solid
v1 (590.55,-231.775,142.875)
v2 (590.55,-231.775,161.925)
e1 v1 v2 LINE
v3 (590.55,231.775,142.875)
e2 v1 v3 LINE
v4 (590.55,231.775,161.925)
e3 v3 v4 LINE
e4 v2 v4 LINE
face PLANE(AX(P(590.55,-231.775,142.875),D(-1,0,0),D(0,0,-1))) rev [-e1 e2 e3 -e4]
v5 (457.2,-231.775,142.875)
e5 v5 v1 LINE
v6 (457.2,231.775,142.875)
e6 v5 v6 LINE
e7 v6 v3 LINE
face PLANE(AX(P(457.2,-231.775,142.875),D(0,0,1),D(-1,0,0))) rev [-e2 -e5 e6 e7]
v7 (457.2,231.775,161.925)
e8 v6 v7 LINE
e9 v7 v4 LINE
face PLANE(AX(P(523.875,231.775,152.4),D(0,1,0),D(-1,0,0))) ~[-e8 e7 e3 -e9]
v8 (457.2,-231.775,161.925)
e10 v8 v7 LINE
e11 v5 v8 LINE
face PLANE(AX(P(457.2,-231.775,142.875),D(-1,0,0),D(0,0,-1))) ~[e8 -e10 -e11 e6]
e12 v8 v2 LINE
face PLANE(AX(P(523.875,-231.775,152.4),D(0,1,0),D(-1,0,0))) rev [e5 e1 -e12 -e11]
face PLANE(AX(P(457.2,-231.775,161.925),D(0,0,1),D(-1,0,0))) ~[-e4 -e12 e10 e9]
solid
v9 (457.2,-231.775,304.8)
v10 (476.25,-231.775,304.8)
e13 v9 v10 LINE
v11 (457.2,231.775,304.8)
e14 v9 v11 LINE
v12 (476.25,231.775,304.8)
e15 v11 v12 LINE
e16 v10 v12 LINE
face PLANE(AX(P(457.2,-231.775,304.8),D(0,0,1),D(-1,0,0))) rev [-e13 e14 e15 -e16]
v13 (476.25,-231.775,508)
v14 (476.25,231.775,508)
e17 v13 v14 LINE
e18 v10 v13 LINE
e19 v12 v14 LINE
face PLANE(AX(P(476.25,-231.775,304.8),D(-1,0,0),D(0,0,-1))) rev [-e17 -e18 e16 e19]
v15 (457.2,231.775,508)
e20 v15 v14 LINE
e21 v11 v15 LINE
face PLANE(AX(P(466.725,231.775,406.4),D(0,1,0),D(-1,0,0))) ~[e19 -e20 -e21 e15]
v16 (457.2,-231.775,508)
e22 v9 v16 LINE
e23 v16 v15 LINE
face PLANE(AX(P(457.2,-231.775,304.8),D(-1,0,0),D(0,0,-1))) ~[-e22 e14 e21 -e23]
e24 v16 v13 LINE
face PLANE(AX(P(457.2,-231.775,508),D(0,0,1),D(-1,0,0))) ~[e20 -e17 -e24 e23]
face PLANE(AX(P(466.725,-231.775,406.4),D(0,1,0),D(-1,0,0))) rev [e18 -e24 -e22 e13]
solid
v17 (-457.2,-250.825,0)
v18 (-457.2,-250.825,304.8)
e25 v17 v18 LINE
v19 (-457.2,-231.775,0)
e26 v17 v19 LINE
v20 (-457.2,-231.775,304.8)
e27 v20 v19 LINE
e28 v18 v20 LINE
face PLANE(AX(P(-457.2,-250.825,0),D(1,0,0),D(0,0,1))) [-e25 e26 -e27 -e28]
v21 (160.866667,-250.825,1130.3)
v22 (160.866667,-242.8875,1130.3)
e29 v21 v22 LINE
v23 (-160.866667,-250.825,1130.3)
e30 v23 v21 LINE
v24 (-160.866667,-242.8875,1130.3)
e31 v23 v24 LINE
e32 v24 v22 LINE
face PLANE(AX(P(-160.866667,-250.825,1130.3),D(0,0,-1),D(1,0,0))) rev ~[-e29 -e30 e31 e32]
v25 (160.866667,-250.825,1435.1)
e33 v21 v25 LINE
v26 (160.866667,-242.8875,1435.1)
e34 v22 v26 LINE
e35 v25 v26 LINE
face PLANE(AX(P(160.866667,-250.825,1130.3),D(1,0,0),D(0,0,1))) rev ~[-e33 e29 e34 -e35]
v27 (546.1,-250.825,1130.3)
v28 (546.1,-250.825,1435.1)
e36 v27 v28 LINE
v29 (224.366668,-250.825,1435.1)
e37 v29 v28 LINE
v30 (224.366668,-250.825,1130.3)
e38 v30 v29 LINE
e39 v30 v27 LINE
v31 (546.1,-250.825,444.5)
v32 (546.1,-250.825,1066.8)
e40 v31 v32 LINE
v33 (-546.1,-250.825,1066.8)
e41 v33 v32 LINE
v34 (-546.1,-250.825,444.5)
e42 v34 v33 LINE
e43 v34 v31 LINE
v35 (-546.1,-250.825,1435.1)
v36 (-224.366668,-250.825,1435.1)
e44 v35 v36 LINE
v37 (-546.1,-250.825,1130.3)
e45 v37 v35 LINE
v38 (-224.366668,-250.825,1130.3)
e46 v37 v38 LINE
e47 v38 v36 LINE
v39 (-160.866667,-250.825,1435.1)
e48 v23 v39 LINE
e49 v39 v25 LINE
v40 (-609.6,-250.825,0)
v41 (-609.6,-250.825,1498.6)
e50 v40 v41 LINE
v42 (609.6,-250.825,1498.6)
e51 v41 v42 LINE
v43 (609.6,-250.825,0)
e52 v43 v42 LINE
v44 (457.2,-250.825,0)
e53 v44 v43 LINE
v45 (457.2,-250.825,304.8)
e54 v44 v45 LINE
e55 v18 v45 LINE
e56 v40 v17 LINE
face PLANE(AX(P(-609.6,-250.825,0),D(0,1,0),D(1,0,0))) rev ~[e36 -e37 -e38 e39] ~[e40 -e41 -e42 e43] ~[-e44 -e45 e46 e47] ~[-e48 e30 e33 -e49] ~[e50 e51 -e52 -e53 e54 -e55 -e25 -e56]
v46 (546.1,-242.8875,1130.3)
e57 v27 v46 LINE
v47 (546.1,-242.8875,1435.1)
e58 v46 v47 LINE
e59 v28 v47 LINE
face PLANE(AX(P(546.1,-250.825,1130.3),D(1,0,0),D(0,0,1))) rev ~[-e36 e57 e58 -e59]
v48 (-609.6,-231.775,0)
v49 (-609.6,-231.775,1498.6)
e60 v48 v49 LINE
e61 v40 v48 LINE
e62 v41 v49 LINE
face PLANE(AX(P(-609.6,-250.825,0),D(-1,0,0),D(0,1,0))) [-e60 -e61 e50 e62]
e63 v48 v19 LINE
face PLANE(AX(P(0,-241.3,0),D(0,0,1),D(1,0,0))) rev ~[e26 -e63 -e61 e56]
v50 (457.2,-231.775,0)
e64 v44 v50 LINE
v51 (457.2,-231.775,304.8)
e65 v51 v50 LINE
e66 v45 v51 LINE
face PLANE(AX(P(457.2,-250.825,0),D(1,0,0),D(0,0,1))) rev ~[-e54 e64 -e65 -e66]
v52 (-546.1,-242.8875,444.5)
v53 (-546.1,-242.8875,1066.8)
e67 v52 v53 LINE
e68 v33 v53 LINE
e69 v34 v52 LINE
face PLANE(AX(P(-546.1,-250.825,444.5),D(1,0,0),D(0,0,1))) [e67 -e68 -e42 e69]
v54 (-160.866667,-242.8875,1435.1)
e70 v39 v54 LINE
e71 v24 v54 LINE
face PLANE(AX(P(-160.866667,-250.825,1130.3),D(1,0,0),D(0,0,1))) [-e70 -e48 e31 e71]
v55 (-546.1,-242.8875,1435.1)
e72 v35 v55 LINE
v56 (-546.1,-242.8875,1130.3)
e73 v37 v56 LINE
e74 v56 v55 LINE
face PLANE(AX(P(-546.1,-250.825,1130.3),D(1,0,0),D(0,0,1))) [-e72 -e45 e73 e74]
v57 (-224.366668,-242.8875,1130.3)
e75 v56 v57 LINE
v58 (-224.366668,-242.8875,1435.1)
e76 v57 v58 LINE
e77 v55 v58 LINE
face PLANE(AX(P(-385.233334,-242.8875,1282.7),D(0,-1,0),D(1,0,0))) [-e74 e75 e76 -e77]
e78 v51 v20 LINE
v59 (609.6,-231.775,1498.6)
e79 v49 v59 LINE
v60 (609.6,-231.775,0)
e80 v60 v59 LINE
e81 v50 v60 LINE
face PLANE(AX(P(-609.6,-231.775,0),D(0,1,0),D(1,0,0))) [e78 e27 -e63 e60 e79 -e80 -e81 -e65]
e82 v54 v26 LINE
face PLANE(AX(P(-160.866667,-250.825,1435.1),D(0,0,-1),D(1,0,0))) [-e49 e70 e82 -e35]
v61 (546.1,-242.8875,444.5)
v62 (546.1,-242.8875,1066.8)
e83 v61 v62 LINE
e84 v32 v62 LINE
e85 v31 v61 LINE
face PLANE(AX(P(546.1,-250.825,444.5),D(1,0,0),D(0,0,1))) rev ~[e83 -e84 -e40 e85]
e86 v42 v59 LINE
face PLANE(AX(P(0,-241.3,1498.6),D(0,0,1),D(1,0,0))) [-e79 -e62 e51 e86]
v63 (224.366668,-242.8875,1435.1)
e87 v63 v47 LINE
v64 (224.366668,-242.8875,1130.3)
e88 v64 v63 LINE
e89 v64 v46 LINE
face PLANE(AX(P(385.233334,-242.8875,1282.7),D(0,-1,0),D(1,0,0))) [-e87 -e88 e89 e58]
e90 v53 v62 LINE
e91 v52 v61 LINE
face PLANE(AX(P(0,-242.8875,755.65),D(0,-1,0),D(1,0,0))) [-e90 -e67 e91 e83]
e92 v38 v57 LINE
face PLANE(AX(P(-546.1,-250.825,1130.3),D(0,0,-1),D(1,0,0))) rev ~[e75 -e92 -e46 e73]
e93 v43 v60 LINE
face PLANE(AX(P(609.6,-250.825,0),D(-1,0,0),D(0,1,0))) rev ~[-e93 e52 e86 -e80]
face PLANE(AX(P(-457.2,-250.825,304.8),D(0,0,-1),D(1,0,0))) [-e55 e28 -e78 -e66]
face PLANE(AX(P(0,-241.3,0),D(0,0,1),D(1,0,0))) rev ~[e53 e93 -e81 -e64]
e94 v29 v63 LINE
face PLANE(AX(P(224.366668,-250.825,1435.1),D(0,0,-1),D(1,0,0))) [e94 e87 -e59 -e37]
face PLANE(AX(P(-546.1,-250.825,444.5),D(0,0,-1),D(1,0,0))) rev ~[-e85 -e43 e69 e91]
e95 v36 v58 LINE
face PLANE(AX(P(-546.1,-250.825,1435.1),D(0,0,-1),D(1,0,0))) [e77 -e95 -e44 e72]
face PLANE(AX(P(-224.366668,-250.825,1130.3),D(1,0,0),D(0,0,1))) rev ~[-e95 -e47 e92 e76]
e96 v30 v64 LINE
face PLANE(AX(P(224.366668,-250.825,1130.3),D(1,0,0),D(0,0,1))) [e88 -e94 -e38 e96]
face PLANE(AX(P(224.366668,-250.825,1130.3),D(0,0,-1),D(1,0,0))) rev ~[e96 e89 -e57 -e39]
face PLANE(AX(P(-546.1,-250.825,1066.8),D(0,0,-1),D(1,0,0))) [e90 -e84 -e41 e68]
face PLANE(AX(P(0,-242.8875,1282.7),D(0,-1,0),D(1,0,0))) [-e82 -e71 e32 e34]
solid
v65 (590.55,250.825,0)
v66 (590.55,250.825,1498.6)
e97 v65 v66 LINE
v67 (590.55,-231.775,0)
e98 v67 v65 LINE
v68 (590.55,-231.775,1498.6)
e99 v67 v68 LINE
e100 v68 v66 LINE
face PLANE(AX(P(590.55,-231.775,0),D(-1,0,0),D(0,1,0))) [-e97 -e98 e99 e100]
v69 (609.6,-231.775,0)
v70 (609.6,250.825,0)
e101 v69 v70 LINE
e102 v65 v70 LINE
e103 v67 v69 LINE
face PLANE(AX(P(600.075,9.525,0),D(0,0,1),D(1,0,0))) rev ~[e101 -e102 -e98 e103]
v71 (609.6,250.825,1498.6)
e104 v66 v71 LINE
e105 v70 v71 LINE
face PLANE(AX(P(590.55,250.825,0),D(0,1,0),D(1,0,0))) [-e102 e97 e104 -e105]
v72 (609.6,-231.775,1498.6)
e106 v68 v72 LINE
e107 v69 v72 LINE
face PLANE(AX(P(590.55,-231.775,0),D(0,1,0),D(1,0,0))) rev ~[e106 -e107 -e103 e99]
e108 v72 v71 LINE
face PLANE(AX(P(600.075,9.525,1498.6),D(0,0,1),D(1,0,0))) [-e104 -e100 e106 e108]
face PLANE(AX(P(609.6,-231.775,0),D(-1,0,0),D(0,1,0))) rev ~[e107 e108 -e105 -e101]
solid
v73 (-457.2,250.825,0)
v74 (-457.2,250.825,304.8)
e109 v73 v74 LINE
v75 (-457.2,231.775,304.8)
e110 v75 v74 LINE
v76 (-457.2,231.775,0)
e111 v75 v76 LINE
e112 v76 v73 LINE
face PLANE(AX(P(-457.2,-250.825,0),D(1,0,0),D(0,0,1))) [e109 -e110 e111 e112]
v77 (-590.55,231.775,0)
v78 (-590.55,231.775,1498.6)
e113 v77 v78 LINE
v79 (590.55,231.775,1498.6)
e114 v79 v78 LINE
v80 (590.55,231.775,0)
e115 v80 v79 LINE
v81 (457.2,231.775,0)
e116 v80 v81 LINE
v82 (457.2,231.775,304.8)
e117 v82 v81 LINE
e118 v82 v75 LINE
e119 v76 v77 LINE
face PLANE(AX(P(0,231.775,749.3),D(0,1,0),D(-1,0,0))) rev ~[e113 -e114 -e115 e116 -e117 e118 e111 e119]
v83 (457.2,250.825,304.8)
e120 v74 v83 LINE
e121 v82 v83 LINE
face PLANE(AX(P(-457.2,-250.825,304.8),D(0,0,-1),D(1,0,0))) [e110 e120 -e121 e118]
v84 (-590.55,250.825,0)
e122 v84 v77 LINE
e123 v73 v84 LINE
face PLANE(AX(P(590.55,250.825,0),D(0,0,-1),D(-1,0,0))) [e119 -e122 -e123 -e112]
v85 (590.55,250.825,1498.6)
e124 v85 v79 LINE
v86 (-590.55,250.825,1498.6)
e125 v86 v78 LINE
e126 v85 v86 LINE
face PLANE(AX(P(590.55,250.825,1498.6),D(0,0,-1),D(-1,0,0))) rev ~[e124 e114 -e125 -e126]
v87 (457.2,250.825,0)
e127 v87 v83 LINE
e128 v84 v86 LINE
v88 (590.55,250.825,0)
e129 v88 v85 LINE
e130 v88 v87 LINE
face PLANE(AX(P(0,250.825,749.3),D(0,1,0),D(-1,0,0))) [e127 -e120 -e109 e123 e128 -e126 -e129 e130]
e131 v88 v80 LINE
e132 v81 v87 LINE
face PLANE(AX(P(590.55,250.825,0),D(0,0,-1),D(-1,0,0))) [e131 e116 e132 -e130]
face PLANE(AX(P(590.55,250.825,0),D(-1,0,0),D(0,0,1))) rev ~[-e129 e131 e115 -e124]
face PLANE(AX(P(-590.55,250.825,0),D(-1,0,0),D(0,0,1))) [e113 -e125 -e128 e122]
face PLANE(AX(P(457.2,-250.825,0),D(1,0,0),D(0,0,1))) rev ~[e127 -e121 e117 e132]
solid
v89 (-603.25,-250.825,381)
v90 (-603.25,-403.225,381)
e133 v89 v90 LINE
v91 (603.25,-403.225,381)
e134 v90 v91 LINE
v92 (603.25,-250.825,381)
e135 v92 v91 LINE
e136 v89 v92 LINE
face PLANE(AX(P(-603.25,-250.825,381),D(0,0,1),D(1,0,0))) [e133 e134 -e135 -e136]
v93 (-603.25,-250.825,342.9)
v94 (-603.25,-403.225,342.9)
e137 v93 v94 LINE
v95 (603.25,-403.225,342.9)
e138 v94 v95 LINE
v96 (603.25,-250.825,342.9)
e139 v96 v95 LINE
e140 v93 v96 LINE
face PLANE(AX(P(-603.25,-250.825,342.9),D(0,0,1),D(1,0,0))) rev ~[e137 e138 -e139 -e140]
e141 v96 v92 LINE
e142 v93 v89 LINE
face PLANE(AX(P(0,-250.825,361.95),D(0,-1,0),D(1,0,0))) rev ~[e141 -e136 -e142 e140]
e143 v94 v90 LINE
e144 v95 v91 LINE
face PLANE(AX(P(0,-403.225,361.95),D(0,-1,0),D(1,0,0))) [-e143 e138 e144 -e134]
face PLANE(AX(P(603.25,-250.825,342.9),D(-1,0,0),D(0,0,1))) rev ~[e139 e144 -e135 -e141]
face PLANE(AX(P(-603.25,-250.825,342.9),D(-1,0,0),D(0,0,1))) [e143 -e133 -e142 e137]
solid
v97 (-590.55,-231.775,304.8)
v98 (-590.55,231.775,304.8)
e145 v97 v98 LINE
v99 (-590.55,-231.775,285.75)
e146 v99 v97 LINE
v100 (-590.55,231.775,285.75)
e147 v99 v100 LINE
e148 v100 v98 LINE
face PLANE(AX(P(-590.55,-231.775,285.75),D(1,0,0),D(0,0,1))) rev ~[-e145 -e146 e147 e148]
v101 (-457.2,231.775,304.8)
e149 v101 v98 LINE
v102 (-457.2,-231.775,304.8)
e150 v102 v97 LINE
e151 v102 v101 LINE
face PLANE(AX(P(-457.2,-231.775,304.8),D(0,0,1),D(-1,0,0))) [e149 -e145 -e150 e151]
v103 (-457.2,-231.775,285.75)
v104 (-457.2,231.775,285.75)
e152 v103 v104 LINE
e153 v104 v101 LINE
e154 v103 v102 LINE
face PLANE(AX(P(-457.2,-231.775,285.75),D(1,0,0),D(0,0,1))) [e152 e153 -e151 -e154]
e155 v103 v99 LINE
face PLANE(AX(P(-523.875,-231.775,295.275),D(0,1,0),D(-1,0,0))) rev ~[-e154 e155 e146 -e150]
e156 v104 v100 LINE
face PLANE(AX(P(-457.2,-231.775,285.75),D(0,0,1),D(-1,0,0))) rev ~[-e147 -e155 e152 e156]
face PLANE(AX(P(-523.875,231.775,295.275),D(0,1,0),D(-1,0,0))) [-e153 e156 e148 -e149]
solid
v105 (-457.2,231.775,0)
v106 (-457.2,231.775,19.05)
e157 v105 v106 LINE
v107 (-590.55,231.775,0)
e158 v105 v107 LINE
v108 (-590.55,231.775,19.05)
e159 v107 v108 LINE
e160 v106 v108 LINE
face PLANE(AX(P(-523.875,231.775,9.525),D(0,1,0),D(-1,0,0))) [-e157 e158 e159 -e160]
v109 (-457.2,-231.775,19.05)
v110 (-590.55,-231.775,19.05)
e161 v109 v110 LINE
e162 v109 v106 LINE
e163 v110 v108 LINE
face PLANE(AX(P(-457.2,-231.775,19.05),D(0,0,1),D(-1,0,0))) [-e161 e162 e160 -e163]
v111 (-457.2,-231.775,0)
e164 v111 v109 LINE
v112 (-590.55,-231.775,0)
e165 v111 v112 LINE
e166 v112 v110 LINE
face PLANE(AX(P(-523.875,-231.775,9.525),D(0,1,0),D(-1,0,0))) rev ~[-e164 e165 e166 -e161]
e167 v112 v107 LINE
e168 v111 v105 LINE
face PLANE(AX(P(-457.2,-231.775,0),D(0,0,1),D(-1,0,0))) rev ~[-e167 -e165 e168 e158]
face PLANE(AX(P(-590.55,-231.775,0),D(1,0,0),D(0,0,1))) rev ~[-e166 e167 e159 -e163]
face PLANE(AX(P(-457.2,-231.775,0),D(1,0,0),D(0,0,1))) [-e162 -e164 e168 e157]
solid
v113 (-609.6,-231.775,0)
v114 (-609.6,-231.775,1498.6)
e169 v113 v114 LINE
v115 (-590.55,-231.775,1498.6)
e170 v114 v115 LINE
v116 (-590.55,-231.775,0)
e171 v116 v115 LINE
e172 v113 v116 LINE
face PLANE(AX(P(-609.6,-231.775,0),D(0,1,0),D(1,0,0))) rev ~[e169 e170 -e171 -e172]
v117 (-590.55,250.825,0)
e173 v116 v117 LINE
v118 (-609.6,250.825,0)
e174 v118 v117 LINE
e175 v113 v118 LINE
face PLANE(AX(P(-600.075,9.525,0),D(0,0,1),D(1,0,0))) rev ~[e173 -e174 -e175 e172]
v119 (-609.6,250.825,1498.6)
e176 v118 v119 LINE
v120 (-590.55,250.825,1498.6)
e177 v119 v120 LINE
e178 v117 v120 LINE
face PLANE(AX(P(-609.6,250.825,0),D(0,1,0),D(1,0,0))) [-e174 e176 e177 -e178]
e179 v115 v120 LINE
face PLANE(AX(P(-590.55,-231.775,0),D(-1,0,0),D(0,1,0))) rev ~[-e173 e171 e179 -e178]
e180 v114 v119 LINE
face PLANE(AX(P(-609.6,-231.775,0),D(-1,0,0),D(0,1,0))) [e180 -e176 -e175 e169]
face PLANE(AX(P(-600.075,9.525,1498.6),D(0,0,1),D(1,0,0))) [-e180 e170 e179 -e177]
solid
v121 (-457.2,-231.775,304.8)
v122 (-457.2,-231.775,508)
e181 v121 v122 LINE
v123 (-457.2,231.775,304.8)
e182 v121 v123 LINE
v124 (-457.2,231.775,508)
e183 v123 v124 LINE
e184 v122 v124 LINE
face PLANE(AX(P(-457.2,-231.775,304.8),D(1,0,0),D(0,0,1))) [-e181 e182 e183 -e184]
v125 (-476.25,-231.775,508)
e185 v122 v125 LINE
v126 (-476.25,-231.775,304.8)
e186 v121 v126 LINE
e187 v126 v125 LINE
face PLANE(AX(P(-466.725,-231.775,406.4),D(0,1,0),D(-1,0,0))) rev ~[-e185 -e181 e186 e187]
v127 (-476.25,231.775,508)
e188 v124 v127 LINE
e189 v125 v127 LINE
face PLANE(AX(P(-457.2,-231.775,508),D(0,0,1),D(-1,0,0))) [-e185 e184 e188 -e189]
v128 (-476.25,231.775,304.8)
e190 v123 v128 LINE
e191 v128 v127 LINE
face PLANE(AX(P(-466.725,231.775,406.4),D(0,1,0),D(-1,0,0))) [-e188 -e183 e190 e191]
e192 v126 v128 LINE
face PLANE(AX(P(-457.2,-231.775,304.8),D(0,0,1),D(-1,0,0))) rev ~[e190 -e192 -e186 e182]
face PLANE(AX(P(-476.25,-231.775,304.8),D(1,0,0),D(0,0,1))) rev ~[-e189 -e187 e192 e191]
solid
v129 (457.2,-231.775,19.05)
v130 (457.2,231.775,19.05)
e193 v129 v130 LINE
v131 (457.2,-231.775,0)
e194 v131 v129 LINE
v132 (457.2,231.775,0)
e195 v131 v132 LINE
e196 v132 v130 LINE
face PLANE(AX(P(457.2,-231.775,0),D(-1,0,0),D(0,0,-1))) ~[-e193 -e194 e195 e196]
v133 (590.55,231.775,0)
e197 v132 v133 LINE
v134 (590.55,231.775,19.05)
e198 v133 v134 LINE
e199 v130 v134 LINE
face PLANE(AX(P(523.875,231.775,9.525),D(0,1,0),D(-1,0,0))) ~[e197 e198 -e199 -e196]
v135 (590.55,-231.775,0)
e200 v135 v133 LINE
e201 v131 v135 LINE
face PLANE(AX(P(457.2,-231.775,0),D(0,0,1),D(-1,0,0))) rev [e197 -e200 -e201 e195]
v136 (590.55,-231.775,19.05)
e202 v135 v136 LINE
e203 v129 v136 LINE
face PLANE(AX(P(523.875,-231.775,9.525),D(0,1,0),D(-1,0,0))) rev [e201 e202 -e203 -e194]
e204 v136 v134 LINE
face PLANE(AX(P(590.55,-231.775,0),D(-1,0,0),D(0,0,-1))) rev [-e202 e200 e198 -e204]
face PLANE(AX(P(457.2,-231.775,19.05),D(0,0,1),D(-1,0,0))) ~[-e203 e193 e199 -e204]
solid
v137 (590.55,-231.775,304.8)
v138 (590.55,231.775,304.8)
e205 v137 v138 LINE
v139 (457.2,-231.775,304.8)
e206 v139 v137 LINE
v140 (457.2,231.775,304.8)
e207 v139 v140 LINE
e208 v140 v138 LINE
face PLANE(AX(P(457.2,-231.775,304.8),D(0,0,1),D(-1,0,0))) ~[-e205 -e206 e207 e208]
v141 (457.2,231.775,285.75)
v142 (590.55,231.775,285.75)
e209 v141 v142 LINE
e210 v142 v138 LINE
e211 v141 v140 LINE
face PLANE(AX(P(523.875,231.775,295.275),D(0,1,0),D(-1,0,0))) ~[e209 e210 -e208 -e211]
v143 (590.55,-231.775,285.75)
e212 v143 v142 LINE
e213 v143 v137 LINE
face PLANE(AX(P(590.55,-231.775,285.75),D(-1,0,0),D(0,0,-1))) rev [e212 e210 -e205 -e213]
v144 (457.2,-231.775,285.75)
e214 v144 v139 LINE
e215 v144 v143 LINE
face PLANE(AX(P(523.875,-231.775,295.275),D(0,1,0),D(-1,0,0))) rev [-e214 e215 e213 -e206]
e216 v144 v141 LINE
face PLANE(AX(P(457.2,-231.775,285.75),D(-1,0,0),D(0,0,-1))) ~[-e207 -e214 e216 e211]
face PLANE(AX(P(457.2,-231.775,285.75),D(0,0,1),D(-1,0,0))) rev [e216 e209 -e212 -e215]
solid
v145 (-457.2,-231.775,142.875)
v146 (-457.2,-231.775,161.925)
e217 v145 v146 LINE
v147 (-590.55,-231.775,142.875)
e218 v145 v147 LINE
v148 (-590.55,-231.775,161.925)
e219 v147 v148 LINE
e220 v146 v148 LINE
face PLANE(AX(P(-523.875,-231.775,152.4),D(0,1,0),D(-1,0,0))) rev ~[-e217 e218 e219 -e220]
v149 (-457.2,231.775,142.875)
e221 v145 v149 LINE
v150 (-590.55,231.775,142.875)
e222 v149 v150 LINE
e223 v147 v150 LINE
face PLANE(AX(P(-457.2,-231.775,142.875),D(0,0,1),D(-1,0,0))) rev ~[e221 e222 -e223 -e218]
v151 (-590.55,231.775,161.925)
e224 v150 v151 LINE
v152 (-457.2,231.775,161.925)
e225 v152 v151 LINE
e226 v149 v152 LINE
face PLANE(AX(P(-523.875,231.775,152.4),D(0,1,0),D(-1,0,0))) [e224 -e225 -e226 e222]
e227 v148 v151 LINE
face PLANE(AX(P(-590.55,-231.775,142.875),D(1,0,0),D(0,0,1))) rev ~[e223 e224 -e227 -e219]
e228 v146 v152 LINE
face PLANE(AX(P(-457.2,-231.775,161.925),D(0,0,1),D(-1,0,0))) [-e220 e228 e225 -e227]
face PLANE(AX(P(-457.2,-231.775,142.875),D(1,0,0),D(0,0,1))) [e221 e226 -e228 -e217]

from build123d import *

# Parameters (mm, degrees)
F2_W      = 1219.2
F2_H      = 19.05
F3_DEPTH  = 1498.6
F4_W      = 19.05
F4_H      = 482.6
F5_DEPTH  = 1498.6
F6_W      = 1181.1
F6_H      = 1498.6
F7_DEPTH  = 19.05
F8_W      = 914.4
F8_H      = 304.8
F9_DEPTH  = 501.65
F10_W     = 133.35
F10_H     = 19.05
F11_DEPTH = 463.55
F12_W     = 19.05
F12_H     = 203.2
F13_DEPTH = 463.55
F15_W     = 1206.5
F15_H     = 38.1
F16_DEPTH = 152.4
F17_W     = 321.733333
F17_H     = 304.8
F17_W_2   = 321.733334
F17_W_3   = 1092.2
F17_H_2   = 622.3
F18_DEPTH = 7.9375


with BuildPart() as f3:
    # F2 (on Top) → F3 (new body, through all)
    with BuildSketch(Plane.XY):
        with Locations((0, -241.3)):
            Rectangle(F2_W, F2_H)
    extrude(amount=F3_DEPTH)


with BuildPart() as f5:
    # F4 (on Top) → F5 (new body, through all)
    with BuildSketch(Plane.XY):
        with Locations((-600.075, 9.525)):
            Rectangle(F4_W, F4_H)
        with Locations((600.075, 9.525)):
            Rectangle(F4_W, F4_H)
    extrude(amount=F5_DEPTH)


with BuildPart() as f7:
    # F6 (on face) → F7 (new body)
    with BuildSketch(Plane(origin=(0, 250.825, 0), x_dir=(-1, 0, 0), z_dir=(0, 1, 0))):
        with Locations((0, 749.3)):
            Rectangle(F6_W, F6_H)
    extrude(amount=-F7_DEPTH)


with BuildPart() as f9_tool:
    # F8 (on face) → F9 (new body, through all)
    with BuildSketch(Plane.XZ.offset(250.825)):
        with Locations((0, 152.4)):
            Rectangle(F8_W, F8_H)
    extrude(amount=-F9_DEPTH)


with BuildPart() as f3_1:
    add(f3.part)

    # F9: cut by f9_tool
    add(f9_tool.part, mode=Mode.SUBTRACT)

    # F17 (on face) → F18 (cut)
    with BuildSketch(Plane.XZ.offset(250.825)):
        with Locations((-385.233334, 1282.7)):
            Rectangle(F17_W, F17_H)
        with Locations((0, 1282.7)):
            Rectangle(F17_W_2, F17_H)
        with Locations((385.233334, 1282.7)):
            Rectangle(F17_W, F17_H)
        with Locations((0, 755.65)):
            Rectangle(F17_W_3, F17_H_2)
    extrude(amount=-F18_DEPTH, mode=Mode.SUBTRACT)


with BuildPart() as f7_1:
    add(f7.part)

    # F9: cut by f9_tool
    add(f9_tool.part, mode=Mode.SUBTRACT)


with BuildPart() as f11:
    # F10 (on face) → F11 (new body, through all)
    with BuildSketch(Plane(origin=(0, -231.775, 0), x_dir=(-1, 0, 0), z_dir=(0, 1, 0))):
        with Locations((523.875, 9.525)):
            Rectangle(F10_W, F10_H)
        with Locations((523.875, 295.275)):
            Rectangle(F10_W, F10_H)
        with Locations((523.875, 152.4)):
            Rectangle(F10_W, F10_H)
    extrude(amount=F11_DEPTH)


with BuildPart() as f13:
    # F12 (on face) → F13 (new body, through all)
    with BuildSketch(Plane(origin=(0, -231.775, 0), x_dir=(-1, 0, 0), z_dir=(0, 1, 0))):
        with Locations((466.725, 406.4)):
            Rectangle(F12_W, F12_H)
    extrude(amount=F13_DEPTH)


with BuildPart() as f14_1:
    # F14: instance of F13
    add(f13.part.mirror(Plane.YZ))


with BuildPart() as f14_2:
    # F14: instance of F11
    add(f11.part.mirror(Plane.YZ))


with BuildPart() as f16:
    # F15 (on face) → F16 (new body)
    with BuildSketch(Plane.XZ.offset(250.825)):
        with Locations((0, 361.95)):
            Rectangle(F15_W, F15_H)
    extrude(amount=F16_DEPTH)


solid = Compound([f5.part, f3_1.part, f7_1.part, f11.part, f13.part, f14_1.part, f14_2.part, f16.part])
